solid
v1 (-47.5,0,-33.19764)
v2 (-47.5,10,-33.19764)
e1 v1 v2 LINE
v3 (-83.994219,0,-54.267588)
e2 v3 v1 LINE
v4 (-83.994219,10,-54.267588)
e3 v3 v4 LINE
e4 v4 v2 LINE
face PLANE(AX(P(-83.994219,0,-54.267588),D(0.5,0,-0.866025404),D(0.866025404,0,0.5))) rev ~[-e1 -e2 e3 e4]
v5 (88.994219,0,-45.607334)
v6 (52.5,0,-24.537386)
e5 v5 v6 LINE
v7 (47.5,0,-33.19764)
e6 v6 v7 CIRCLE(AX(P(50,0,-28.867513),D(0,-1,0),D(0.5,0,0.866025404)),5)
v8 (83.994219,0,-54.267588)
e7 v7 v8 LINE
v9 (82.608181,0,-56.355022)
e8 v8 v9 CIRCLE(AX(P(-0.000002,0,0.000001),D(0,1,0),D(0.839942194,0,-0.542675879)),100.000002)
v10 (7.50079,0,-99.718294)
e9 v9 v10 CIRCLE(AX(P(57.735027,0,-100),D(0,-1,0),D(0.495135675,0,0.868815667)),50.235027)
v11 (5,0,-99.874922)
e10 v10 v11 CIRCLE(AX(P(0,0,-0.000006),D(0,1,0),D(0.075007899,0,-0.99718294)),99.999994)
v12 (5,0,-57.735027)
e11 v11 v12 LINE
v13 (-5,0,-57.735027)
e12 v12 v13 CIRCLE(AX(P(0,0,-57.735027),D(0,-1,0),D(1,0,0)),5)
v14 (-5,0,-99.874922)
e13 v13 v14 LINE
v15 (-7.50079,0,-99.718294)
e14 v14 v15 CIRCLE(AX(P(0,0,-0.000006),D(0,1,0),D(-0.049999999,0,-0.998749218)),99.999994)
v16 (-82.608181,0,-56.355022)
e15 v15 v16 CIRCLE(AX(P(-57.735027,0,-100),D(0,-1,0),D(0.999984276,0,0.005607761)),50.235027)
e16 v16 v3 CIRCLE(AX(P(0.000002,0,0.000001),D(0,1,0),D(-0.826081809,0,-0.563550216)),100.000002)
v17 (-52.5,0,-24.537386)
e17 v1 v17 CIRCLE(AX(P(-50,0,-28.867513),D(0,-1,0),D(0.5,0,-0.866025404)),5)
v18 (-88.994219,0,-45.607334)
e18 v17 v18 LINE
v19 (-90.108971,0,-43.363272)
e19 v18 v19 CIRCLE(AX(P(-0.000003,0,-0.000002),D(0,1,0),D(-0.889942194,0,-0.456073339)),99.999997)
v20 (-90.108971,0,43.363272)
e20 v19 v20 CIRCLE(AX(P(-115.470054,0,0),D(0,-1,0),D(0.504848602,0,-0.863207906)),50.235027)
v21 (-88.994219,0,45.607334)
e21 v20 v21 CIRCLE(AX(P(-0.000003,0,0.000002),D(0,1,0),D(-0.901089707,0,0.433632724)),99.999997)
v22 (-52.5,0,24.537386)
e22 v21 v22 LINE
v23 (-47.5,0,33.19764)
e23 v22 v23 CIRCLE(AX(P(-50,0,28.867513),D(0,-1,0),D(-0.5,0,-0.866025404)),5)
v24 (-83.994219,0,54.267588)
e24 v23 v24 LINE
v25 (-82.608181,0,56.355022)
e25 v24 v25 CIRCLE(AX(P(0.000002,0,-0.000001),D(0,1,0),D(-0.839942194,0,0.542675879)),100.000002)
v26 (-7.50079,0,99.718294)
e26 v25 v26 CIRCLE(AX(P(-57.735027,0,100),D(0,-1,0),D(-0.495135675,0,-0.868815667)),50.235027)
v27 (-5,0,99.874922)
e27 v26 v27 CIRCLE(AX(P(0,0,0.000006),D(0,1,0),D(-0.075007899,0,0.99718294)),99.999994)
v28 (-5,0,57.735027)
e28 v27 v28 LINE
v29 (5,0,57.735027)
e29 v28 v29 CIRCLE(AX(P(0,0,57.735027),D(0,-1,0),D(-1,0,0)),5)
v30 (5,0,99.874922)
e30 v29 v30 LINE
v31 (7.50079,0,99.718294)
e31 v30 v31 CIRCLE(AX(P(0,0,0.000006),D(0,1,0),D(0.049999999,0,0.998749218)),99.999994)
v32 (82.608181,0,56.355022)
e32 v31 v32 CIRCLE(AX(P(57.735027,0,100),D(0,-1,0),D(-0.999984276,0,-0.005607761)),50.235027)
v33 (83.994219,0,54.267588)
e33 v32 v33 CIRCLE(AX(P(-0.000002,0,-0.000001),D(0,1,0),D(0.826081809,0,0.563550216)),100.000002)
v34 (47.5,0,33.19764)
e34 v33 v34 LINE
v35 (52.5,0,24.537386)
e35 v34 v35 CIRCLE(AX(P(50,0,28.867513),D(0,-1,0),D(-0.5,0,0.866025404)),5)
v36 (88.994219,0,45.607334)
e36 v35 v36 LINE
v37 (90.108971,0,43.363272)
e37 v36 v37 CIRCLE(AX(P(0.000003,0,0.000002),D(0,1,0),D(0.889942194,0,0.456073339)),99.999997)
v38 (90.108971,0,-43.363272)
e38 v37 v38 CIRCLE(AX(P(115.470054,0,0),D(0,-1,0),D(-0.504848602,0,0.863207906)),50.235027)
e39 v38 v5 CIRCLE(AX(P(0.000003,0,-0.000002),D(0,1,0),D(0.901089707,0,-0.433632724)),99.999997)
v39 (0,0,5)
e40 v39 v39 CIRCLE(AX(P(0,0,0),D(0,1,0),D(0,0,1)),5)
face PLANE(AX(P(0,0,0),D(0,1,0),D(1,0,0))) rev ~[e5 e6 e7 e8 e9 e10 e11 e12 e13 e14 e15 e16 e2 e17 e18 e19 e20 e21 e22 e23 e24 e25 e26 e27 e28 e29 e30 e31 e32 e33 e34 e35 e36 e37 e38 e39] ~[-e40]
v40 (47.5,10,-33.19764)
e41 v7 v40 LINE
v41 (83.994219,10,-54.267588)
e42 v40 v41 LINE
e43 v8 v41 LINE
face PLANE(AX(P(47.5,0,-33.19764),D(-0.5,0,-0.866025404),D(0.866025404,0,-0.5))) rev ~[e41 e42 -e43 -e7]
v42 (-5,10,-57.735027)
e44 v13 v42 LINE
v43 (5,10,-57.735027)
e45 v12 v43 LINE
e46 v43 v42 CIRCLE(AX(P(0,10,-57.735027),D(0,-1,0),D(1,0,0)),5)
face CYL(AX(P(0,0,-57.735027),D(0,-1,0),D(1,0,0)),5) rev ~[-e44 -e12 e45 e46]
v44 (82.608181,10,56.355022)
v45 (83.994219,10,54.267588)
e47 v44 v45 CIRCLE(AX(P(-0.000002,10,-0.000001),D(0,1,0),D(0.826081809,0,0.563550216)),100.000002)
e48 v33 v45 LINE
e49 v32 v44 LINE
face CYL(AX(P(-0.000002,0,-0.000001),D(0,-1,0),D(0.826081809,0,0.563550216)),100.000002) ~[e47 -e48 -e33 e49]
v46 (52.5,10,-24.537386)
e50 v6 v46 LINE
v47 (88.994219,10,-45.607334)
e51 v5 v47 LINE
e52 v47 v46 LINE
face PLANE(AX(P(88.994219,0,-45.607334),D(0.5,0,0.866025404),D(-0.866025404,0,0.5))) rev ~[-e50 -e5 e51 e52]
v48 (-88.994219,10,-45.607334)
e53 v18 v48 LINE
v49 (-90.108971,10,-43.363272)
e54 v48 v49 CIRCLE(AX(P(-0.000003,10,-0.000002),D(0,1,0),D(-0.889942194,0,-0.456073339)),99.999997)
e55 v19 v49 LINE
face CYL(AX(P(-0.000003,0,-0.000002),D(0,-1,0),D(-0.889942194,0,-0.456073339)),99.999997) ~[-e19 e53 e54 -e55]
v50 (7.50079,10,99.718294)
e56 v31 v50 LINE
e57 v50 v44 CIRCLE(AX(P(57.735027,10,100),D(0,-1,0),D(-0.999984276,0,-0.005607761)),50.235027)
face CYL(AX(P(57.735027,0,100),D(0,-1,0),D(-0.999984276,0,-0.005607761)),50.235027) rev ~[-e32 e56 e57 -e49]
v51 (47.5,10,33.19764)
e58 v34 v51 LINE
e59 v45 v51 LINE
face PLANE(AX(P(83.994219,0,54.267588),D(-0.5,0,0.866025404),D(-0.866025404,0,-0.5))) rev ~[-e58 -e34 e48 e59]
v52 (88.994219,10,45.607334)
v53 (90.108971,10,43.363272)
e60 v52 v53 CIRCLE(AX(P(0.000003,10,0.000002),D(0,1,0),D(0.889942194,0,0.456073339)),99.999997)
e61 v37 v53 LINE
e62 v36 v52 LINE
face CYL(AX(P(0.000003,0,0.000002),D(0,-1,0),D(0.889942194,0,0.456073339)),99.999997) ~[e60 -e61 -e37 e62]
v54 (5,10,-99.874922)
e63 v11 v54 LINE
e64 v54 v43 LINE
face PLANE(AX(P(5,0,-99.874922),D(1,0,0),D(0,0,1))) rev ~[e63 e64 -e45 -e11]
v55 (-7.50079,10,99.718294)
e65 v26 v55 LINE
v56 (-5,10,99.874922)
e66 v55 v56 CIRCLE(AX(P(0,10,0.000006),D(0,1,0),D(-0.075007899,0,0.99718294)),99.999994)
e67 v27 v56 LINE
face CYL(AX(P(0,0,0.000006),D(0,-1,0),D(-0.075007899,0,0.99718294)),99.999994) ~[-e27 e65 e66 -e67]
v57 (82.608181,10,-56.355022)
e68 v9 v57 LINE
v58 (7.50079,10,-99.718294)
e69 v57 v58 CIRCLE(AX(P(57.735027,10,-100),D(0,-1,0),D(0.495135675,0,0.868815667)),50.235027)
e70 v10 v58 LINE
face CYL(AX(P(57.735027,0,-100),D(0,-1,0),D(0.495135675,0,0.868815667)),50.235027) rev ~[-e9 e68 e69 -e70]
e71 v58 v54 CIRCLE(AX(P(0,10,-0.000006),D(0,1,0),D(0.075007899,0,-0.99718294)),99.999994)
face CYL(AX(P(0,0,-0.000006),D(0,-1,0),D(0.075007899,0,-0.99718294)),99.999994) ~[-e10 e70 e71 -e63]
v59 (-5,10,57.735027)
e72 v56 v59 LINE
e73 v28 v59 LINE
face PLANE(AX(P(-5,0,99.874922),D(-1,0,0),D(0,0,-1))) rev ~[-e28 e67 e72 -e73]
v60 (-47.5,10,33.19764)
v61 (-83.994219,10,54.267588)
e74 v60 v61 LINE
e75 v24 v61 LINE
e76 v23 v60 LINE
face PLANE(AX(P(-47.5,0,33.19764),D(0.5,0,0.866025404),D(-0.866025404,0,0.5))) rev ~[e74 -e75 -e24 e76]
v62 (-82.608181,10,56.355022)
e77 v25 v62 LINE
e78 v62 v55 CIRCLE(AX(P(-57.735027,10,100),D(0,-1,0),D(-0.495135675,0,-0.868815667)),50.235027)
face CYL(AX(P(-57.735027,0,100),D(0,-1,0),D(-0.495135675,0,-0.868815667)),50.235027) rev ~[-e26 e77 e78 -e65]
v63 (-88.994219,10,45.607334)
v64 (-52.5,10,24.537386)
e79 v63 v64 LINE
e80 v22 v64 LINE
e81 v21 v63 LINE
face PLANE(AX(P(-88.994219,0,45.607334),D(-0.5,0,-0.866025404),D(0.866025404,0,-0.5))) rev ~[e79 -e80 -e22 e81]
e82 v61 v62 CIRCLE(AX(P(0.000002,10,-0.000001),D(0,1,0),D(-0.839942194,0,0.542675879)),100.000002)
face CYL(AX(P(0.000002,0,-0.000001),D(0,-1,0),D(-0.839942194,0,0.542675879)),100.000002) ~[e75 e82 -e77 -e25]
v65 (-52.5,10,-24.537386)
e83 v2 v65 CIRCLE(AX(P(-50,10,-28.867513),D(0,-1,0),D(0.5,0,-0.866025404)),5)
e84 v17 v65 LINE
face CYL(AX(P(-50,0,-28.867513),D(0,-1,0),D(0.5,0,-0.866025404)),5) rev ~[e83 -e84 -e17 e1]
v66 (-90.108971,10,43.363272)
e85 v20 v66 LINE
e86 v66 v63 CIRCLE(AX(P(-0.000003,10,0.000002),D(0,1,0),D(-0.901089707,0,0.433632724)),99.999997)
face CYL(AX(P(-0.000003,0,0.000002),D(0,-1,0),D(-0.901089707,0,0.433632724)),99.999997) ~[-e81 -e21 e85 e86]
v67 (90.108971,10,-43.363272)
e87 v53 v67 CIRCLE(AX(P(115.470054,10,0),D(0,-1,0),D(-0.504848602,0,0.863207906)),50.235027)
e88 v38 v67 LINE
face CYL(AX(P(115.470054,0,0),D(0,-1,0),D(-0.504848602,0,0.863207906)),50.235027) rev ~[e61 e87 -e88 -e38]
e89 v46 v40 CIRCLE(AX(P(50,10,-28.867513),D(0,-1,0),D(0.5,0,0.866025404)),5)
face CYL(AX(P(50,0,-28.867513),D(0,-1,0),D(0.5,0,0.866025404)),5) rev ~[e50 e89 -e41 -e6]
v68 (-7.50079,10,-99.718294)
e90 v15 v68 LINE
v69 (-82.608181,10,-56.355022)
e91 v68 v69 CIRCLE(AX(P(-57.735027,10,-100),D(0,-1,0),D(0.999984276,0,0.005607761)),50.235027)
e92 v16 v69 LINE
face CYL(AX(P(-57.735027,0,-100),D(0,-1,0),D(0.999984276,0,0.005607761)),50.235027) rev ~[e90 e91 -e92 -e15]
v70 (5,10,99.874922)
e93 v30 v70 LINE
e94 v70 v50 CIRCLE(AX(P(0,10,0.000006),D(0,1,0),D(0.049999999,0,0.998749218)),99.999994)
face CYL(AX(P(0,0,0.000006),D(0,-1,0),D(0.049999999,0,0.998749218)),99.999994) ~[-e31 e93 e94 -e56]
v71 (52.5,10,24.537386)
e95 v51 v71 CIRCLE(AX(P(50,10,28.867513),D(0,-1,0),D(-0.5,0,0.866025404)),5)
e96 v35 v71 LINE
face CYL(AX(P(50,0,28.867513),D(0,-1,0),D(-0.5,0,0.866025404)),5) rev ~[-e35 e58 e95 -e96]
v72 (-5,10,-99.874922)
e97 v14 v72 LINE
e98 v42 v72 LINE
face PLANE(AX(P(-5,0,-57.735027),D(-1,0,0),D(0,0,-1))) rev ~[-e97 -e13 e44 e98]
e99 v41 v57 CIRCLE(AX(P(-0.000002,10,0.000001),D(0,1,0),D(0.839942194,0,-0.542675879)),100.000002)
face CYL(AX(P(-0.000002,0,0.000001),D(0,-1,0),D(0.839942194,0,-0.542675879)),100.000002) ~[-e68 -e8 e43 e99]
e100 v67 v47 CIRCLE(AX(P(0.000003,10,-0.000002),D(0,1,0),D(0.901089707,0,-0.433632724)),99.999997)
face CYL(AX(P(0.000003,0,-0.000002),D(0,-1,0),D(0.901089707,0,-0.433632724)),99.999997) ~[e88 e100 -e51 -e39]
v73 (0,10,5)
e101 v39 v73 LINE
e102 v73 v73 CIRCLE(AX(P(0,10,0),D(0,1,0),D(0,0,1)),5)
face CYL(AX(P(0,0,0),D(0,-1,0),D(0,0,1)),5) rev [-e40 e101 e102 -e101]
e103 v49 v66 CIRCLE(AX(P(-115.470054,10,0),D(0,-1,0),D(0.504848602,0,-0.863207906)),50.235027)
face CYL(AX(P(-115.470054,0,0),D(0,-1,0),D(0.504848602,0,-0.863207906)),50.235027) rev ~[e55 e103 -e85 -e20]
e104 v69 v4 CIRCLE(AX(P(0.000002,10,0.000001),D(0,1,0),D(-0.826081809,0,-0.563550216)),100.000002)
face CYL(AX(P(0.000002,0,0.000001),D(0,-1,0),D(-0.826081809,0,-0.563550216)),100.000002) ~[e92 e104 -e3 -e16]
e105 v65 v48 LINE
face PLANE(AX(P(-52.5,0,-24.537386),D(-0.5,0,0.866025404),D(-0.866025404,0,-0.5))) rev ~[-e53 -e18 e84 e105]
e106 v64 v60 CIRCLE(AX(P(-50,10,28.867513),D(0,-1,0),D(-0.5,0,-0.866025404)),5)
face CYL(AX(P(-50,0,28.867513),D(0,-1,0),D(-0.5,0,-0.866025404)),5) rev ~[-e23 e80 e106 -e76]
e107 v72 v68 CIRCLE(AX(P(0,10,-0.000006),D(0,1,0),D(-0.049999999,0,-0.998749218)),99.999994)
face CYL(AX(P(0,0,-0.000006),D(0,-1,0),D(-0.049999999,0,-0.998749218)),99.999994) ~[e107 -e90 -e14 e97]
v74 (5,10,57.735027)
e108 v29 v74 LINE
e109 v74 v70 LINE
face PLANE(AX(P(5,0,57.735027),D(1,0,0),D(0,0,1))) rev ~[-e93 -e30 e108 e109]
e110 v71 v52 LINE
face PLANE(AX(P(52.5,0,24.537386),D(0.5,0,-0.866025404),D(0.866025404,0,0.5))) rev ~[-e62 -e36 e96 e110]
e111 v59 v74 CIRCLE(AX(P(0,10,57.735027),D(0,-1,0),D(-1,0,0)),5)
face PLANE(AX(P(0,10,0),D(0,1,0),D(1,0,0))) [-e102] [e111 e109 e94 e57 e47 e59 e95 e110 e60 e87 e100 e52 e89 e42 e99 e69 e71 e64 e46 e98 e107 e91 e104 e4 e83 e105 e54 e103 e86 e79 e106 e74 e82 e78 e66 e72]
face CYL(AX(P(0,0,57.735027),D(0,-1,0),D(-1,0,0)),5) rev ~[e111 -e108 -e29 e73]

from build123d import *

# Parameters (mm, degrees)
SKETCH1_R           = 5
BOSS_EXTRUDE1_DEPTH = 10


with BuildPart() as part:
    # Sketch1 → Boss-Extrude1 (new body)
    with BuildSketch(Plane(origin=(0, 0, 0), x_dir=(1, 0, 0), z_dir=(0, 1, 0))):
        with BuildLine():
            ThreePointArc((7.500789876, 99.718293965), (6.250885533, 99.804440934), (5, 99.874921777))
            Line((5, 99.874921777), (5, 57.735026919))
            ThreePointArc((5, 57.735026919), (0, 52.735026919), (-5, 57.735026919))
            Line((-5, 57.735026919), (-5, 99.874921777))
            ThreePointArc((-5, 99.874921777), (-6.250885533, 99.804440934), (-7.500789876, 99.718293965))
            ThreePointArc((-7.500789876, 99.718293965), (-32.617513459, 56.495190528), (-82.608180857, 56.355021564))
            ThreePointArc((-82.608180857, 56.355021564), (-83.307738492, 55.315646135), (-83.99421946, 54.267587908))
            Line((-83.99421946, 54.267587908), (-47.5, 33.197640478))
            ThreePointArc((-47.5, 33.197640478), (-45.669872981, 26.367513459), (-52.5, 24.537386441))
            Line((-52.5, 24.537386441), (-88.99421946, 45.60733387))
            ThreePointArc((-88.99421946, 45.60733387), (-89.558624026, 44.488794799), (-90.108970734, 43.363272401))
            ThreePointArc((-90.108970734, 43.363272401), (-65.235026919, 0), (-90.108970734, -43.363272401))
            ThreePointArc((-90.108970734, -43.363272401), (-89.558624026, -44.488794799), (-88.99421946, -45.60733387))
            Line((-88.99421946, -45.60733387), (-52.5, -24.537386441))
            ThreePointArc((-52.5, -24.537386441), (-45.669872981, -26.367513459), (-47.5, -33.197640478))
            Line((-47.5, -33.197640478), (-83.99421946, -54.267587908))
            ThreePointArc((-83.99421946, -54.267587908), (-83.307738492, -55.315646135), (-82.608180857, -56.355021564))
            ThreePointArc((-82.608180857, -56.355021564), (-32.617513459, -56.495190528), (-7.500789876, -99.718293965))
            ThreePointArc((-7.500789876, -99.718293965), (-6.250885533, -99.804440934), (-5, -99.874921777))
            Line((-5, -99.874921777), (-5, -57.735026919))
            ThreePointArc((-5, -57.735026919), (0, -52.735026919), (5, -57.735026919))
            Line((5, -57.735026919), (5, -99.874921777))
            ThreePointArc((5, -99.874921777), (6.250885533, -99.804440934), (7.500789876, -99.718293965))
            ThreePointArc((7.500789876, -99.718293965), (32.617513459, -56.495190528), (82.608180857, -56.355021564))
            ThreePointArc((82.608180857, -56.355021564), (83.307738492, -55.315646135), (83.99421946, -54.267587908))
            Line((83.99421946, -54.267587908), (47.5, -33.197640478))
            ThreePointArc((47.5, -33.197640478), (45.669872981, -26.367513459), (52.5, -24.537386441))
            Line((52.5, -24.537386441), (88.99421946, -45.60733387))
            ThreePointArc((88.99421946, -45.60733387), (89.558624026, -44.488794799), (90.108970734, -43.363272401))
            ThreePointArc((90.108970734, -43.363272401), (65.235026919, 0), (90.108970734, 43.363272401))
            ThreePointArc((90.108970734, 43.363272401), (89.558624026, 44.488794799), (88.99421946, 45.60733387))
            Line((88.99421946, 45.60733387), (52.5, 24.537386441))
            ThreePointArc((52.5, 24.537386441), (45.669872981, 26.367513459), (47.5, 33.197640478))
            Line((47.5, 33.197640478), (83.99421946, 54.267587908))
            ThreePointArc((83.99421946, 54.267587908), (83.307738492, 55.315646135), (82.608180857, 56.355021564))
            ThreePointArc((82.608180857, 56.355021564), (32.617513459, 56.495190528), (7.500789876, 99.718293965))
        make_face()
        with Locations(Location((0, 0, 0), (0, 0, 270))):  # turned: the seam where the file's is
            Circle(SKETCH1_R, mode=Mode.SUBTRACT)
    extrude(amount=BOSS_EXTRUDE1_DEPTH)


solid = part.part
